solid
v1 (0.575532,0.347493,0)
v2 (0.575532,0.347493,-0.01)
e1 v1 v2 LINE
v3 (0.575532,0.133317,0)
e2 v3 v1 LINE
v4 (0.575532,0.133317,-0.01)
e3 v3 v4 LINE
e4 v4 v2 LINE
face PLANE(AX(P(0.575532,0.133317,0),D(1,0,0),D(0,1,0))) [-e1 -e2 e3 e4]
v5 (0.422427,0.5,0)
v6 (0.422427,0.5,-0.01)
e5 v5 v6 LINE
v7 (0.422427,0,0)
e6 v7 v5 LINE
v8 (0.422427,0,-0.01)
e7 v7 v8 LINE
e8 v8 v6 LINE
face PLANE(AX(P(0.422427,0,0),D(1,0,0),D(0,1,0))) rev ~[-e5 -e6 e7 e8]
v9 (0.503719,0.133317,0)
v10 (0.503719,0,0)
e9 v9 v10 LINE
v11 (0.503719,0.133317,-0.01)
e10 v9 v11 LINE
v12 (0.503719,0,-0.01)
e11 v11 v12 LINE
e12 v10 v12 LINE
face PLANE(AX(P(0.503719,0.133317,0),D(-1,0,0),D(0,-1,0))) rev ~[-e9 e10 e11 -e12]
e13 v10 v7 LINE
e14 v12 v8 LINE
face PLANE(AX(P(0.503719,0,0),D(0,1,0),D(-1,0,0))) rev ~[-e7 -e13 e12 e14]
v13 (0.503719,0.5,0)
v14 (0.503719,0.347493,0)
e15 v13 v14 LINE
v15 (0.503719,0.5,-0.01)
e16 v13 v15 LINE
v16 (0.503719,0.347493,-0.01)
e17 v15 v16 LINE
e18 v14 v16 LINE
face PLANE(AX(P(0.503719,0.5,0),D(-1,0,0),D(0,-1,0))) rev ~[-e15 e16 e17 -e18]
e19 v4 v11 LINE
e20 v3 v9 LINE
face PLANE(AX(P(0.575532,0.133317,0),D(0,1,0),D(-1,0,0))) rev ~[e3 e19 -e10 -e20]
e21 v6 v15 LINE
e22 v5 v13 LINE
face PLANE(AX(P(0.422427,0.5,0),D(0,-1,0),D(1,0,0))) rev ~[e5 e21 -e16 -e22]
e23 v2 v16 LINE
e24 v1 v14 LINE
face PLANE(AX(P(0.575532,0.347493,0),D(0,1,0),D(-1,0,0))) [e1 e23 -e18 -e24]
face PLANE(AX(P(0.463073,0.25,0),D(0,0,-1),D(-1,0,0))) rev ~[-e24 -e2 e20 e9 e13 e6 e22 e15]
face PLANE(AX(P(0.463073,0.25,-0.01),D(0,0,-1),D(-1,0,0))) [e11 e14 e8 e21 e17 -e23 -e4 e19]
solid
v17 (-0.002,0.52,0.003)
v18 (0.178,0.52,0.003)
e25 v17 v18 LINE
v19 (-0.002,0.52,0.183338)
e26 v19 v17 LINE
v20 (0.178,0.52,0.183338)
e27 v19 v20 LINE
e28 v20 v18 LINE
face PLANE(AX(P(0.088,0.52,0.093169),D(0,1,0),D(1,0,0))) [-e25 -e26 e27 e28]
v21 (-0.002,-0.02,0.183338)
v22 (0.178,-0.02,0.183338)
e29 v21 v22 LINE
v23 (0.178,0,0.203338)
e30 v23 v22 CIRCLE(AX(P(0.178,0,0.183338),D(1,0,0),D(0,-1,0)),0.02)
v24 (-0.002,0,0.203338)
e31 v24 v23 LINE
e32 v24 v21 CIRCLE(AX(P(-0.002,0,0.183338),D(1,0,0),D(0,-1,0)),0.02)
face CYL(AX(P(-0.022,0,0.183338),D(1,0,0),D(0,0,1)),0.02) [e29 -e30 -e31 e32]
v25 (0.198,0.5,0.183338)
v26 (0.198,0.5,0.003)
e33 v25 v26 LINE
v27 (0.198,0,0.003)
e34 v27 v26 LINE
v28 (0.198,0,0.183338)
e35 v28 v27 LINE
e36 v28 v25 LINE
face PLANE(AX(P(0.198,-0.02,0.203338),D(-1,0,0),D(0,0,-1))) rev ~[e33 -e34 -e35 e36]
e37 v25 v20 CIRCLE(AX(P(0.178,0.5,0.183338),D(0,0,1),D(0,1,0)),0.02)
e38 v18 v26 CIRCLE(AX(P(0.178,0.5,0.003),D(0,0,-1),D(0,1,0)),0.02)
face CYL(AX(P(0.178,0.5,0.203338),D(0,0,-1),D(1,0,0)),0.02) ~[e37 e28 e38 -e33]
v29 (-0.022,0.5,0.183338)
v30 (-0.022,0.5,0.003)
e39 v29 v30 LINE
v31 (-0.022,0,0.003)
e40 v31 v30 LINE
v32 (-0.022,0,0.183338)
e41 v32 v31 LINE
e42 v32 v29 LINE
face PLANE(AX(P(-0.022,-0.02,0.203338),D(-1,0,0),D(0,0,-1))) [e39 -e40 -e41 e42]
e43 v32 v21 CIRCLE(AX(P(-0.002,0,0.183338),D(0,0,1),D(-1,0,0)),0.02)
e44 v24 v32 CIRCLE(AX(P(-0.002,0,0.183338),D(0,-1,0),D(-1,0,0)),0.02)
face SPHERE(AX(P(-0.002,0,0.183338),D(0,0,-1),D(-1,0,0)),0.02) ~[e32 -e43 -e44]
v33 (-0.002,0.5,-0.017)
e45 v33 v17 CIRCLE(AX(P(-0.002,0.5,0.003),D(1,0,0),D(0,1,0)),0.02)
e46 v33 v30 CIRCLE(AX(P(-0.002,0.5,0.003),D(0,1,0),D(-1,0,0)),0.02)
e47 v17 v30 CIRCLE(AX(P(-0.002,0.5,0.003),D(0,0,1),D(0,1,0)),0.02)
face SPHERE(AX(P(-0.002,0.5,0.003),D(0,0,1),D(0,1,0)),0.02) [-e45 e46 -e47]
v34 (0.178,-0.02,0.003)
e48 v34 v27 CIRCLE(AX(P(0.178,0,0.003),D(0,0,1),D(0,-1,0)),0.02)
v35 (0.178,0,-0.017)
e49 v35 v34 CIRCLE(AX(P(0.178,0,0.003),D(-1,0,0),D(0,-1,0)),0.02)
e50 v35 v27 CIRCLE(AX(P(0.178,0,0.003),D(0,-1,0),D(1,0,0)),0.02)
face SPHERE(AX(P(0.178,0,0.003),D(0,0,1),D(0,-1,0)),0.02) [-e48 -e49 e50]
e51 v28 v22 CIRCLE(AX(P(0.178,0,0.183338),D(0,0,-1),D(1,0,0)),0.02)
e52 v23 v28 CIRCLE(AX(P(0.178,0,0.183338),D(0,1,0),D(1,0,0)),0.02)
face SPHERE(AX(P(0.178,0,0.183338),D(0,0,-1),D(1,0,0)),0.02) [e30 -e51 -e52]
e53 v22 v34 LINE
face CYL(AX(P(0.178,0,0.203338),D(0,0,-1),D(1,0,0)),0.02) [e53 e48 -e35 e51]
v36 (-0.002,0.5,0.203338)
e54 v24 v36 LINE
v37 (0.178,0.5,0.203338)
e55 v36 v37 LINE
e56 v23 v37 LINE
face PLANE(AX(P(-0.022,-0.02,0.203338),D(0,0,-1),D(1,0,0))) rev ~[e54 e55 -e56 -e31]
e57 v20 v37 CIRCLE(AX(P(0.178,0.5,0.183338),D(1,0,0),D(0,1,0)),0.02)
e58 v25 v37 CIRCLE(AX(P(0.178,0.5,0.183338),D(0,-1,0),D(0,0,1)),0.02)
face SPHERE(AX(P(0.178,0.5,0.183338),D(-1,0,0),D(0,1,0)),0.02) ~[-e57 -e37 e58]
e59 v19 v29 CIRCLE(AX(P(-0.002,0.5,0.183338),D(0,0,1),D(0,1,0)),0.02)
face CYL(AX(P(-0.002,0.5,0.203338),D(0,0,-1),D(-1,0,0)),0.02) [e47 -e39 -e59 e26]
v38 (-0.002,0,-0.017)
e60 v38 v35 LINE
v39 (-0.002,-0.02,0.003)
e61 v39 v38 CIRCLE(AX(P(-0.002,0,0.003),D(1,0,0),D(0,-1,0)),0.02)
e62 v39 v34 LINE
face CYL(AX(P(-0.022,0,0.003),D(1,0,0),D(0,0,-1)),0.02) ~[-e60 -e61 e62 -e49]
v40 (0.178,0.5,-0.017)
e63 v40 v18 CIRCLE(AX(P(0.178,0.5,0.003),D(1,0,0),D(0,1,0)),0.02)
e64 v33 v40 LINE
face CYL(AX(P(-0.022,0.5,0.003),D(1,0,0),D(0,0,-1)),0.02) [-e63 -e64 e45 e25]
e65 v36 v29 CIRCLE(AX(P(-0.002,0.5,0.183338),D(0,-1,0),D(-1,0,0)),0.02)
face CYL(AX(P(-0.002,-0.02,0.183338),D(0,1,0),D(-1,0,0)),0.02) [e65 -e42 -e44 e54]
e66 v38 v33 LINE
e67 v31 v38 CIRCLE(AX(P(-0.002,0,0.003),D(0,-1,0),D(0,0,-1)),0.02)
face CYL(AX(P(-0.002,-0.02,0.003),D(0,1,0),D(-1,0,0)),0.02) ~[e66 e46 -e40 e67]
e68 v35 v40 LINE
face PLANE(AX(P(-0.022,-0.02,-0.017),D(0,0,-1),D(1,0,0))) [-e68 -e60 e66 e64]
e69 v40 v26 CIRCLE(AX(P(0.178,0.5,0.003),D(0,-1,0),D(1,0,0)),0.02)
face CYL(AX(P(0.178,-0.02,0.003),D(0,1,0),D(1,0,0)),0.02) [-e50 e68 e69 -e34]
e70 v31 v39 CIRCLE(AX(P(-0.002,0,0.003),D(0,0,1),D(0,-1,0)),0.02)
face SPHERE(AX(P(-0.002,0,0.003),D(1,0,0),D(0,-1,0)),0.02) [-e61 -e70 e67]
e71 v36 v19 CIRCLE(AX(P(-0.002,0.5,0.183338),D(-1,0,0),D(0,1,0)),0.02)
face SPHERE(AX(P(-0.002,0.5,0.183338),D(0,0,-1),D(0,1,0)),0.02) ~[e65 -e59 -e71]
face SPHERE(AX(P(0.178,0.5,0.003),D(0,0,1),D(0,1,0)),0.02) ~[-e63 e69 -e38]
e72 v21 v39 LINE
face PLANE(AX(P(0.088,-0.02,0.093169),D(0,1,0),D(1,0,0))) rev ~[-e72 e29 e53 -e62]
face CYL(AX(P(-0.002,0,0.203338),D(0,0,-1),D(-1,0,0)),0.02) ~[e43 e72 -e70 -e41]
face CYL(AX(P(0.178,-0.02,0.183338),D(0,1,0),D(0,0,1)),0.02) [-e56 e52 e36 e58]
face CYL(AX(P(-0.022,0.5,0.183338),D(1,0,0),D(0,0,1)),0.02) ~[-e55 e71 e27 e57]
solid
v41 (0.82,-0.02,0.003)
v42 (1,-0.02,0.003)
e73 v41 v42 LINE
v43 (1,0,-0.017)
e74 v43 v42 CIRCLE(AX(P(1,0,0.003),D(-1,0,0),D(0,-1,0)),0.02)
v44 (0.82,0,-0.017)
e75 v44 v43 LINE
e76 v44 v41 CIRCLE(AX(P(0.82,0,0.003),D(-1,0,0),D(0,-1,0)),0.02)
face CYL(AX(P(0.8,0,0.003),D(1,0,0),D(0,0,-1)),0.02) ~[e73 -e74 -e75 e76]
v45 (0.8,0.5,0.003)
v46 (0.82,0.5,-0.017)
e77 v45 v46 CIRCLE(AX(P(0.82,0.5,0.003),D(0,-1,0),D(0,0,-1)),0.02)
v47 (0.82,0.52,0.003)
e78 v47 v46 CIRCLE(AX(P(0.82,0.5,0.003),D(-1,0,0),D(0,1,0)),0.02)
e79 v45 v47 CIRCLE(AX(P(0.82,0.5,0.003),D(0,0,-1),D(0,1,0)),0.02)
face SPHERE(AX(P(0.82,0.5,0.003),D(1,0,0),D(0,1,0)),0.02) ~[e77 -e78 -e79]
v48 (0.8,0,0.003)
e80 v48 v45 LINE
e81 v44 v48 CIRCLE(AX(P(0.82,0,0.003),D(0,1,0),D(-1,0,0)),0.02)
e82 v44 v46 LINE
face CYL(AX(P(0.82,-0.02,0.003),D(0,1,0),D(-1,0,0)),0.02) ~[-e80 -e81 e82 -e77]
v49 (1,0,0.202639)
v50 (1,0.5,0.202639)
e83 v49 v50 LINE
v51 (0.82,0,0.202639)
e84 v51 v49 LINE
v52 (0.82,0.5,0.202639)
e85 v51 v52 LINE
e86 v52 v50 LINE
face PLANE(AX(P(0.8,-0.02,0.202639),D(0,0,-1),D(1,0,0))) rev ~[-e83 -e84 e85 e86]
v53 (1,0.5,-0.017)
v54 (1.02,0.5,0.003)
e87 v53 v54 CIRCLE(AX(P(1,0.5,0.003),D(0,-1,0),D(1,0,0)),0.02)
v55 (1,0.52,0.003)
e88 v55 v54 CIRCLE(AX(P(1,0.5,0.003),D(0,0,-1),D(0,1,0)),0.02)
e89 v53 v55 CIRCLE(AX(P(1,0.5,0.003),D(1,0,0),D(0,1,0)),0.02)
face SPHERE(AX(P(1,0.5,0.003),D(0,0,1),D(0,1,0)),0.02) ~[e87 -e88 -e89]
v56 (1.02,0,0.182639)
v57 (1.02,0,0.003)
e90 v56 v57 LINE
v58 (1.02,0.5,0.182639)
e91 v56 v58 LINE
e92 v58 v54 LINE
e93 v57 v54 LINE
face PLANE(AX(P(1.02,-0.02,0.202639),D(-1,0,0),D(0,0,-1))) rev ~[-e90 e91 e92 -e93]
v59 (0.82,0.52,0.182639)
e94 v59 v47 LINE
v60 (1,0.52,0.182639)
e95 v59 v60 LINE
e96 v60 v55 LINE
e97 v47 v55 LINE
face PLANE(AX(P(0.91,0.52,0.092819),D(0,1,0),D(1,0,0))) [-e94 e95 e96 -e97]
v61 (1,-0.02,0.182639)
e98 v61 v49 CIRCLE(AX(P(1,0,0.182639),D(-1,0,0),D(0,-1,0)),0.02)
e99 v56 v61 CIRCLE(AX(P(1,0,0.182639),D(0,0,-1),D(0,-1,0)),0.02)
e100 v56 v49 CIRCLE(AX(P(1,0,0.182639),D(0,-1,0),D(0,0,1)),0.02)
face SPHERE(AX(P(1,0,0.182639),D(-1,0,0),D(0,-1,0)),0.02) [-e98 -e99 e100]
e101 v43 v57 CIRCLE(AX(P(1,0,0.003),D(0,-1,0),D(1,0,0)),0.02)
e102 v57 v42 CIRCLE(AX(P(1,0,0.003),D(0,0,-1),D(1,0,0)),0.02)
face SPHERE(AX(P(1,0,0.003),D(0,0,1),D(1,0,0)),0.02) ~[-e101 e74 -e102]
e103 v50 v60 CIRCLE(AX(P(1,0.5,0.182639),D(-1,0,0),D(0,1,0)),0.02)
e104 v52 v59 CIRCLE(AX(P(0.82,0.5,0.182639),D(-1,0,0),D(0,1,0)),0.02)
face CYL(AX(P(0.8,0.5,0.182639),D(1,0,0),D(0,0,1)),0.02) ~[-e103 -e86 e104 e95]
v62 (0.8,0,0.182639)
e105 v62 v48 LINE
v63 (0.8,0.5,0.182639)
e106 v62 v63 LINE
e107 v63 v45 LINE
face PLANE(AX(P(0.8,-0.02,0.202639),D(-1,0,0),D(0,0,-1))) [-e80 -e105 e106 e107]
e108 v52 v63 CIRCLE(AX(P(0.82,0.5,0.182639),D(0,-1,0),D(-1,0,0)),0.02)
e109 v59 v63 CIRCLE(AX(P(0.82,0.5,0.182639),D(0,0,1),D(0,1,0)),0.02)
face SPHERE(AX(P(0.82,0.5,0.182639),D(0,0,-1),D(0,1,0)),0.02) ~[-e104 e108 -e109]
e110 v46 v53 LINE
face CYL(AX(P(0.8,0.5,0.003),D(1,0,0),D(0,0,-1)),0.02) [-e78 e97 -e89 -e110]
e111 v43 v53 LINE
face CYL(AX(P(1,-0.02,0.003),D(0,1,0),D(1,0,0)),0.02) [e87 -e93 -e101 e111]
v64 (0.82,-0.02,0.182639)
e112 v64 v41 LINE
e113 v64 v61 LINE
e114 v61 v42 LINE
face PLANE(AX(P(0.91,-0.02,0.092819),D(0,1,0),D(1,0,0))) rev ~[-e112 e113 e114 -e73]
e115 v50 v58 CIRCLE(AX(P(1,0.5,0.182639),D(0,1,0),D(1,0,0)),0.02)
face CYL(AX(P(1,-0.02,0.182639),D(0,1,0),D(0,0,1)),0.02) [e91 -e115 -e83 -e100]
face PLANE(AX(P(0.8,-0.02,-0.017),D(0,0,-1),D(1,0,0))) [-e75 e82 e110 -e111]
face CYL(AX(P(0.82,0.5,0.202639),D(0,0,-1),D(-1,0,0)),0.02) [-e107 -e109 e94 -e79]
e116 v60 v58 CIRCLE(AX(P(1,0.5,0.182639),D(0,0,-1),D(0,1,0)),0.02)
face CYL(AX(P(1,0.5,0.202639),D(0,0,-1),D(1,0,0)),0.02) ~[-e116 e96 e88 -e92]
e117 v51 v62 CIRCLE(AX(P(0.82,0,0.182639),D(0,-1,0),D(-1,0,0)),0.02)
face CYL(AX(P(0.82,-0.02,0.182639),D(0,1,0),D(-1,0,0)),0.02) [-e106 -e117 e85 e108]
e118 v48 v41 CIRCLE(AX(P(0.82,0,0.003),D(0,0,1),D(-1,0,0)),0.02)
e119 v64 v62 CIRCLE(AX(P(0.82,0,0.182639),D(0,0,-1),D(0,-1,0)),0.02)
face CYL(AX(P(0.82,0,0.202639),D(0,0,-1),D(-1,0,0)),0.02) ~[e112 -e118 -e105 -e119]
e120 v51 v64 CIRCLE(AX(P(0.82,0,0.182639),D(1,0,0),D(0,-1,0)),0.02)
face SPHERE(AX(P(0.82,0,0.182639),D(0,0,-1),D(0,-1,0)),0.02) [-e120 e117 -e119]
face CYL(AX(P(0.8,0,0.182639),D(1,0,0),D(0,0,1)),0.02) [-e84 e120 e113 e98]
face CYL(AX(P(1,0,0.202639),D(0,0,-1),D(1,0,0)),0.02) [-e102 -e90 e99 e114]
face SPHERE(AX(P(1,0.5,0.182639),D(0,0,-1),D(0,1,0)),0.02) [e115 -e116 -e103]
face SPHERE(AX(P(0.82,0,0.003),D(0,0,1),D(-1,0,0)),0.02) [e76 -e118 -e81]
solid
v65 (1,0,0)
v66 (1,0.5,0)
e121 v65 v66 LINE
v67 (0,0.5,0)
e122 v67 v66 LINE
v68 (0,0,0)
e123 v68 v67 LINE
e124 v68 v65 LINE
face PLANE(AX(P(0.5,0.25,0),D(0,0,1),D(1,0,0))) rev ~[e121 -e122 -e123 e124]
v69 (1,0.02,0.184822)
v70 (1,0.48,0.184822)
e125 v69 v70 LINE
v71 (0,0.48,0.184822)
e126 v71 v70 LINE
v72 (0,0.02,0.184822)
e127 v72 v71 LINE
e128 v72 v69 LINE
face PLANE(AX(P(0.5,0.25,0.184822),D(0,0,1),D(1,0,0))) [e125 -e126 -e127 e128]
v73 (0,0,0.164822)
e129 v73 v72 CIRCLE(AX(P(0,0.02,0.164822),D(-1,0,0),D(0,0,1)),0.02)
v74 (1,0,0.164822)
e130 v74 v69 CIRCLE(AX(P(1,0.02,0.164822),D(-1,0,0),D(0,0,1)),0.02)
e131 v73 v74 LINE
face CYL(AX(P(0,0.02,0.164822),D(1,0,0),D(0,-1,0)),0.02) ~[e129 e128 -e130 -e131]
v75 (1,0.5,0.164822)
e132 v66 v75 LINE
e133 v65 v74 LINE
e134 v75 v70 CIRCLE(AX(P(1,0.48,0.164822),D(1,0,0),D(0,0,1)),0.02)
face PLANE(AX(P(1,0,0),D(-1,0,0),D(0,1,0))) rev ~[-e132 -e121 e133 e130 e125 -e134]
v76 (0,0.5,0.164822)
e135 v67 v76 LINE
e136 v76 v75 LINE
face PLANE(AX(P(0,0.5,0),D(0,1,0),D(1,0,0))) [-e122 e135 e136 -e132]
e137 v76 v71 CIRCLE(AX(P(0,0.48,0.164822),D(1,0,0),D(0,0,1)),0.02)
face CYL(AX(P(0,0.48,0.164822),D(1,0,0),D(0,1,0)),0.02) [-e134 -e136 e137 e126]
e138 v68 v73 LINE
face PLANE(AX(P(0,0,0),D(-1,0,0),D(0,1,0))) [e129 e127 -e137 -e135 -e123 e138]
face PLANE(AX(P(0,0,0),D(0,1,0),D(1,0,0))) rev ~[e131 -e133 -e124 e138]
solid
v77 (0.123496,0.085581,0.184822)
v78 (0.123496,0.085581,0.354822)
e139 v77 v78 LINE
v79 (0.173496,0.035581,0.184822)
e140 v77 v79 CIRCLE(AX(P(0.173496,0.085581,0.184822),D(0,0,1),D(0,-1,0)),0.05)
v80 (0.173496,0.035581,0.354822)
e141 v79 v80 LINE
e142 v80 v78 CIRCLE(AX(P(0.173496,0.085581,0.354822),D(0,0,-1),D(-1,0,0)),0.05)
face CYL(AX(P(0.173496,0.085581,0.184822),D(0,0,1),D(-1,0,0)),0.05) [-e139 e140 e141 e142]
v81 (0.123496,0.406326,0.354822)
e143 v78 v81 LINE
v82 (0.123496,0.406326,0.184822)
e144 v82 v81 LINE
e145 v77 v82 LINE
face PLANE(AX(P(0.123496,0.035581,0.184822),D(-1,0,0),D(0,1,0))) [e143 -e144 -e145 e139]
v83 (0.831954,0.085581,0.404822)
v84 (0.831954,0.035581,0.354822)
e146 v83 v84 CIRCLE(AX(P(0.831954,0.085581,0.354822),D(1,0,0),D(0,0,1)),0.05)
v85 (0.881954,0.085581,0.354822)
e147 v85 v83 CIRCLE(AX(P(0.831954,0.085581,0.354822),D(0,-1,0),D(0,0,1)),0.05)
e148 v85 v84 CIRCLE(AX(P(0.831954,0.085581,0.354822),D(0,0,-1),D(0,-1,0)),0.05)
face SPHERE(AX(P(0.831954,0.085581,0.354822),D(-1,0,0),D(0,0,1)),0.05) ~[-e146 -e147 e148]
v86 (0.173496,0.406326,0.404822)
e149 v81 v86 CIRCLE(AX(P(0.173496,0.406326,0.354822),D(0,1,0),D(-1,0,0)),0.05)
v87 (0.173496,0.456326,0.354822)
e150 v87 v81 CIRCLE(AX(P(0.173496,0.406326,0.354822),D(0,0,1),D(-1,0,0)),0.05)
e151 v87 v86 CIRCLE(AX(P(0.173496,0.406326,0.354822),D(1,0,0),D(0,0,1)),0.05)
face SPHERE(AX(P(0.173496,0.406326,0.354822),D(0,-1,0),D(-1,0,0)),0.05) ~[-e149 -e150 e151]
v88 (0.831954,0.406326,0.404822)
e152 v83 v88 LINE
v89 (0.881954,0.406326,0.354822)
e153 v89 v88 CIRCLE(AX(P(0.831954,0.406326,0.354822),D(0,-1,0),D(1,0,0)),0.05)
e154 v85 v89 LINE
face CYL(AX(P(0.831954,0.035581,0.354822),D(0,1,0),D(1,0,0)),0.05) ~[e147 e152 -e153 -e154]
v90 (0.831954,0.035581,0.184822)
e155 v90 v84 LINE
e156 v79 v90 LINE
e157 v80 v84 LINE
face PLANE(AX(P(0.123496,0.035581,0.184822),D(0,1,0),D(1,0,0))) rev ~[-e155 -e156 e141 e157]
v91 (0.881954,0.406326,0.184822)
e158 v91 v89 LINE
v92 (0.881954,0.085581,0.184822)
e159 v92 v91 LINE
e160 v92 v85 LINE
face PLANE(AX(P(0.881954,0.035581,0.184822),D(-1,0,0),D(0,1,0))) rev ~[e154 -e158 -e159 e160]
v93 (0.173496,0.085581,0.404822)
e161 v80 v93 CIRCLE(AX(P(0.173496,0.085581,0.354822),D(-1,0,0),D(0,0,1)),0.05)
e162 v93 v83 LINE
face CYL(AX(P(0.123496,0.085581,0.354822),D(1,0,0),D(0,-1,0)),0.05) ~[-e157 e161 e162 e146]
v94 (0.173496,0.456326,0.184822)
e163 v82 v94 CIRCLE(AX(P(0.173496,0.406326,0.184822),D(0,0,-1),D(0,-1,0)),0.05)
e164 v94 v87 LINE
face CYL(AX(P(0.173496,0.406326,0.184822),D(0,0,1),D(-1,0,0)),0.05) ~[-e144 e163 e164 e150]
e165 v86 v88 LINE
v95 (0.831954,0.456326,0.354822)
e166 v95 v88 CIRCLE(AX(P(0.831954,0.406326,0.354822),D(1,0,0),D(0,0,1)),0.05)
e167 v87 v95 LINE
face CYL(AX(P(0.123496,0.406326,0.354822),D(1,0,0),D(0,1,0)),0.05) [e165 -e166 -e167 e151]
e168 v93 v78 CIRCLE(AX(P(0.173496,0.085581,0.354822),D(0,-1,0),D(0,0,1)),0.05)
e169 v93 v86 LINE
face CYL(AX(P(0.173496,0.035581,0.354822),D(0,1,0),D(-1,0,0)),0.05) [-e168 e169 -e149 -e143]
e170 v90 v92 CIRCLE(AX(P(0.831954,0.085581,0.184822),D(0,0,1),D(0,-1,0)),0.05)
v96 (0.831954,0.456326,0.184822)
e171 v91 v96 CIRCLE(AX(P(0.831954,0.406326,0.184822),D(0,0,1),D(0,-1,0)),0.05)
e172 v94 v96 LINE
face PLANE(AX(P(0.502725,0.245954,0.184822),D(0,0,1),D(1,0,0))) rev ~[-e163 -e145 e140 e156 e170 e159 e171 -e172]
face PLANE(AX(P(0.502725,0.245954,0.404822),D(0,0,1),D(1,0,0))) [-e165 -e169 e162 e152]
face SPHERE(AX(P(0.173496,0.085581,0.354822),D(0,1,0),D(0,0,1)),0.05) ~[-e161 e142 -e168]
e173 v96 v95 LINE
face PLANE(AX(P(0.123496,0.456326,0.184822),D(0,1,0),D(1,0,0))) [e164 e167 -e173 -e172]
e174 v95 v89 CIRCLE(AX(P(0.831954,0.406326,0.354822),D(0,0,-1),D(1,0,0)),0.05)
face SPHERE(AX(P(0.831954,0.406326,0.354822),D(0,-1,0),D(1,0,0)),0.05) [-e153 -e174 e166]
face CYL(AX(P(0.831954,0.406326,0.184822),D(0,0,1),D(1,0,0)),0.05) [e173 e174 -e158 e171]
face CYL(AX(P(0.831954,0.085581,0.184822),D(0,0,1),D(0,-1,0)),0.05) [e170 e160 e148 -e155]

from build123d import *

# Parameters (mm, degrees)
SKETCH3_W                  = 1
SKETCH3_H                  = 0.5
BOSS_EXTRUDE1_DEPTH        = 0.184822483
SKETCH6_W                  = 0.071813071
SKETCH6_H                  = 0.214176685
BOSS_EXTRUDE5_DEPTH        = 0.01
BOSS_EXTRUDE9_DEPTH        = 0.52
BOSS_EXTRUDE9_DEPTH_BACK   = 0.02
SKETCH4_W                  = 0.22
SKETCH4_H                  = 0.220337521
BOSS_EXTRUDE9_2_DEPTH      = 0.52
BOSS_EXTRUDE9_2_DEPTH_BACK = 0.02
SKETCH4_H_2                = 0.21963888
SKETCH7_W                  = 0.758458257
SKETCH7_H                  = 0.420745525
BOSS_EXTRUDE10_DEPTH       = 0.22
FILLET4_R                  = 0.05
FILLET7_R                  = 0.02
FILLET8_R                  = 0.02
FILLET9_R                  = 0.02


with BuildPart() as part:
    # Sketch3 → Boss-Extrude1 (new body)
    with BuildSketch(Plane.XY):
        with Locations((0.5, 0.25)):
            Rectangle(SKETCH3_W, SKETCH3_H)
    extrude(amount=BOSS_EXTRUDE1_DEPTH)

    # Fillet9
    fillet9_edges = [part.edges().sort_by_distance(p)[0] for p in [
        (0.5, 0.5, 0.184822483),
        (0.5, 0, 0.184822483),
    ]]
    fillet(fillet9_edges, radius=FILLET9_R)


with BuildPart() as body_2:
    # Sketch6 → Boss-Extrude5 (new body)
    with BuildSketch(Plane(origin=(0, 0, 0), x_dir=(-1, 0, 0), z_dir=(0, 0, -1))):
        Polygon((-0.503719115, 0), (-0.422427341, 0), (-0.422427341, 0.5), (-0.503719115, 0.5), (-0.503719115, 0.347493202), (-0.503719115, 0.133316517), align=None)
        with Locations((-0.53962565, 0.24040486)):
            Rectangle(SKETCH6_W, SKETCH6_H)
    extrude(amount=BOSS_EXTRUDE5_DEPTH)


with BuildPart() as body_3:
    # Sketch4 → Boss-Extrude9 (new, two sides: drawn at the far end of the back side and taken through both)
    with BuildSketch(Plane(origin=(0, 0, 0), x_dir=(1, 0, 0), z_dir=(0, 1, 0)).offset(-BOSS_EXTRUDE9_DEPTH_BACK)):
        with Locations((0.088, -0.093168761)):
            Rectangle(SKETCH4_W, SKETCH4_H)
    extrude(amount=BOSS_EXTRUDE9_DEPTH + BOSS_EXTRUDE9_DEPTH_BACK)

    # Fillet8
    fillet8_edges = [body_3.edges().sort_by_distance(p)[0] for p in [
        (-0.022, 0.52, 0.093168761),
        (0.198, -0.02, 0.093168761),
        (0.088, 0.52, 0.203337521),
        (0.198, 0.52, 0.093168761),
        (0.088, 0.52, -0.017),
        (0.088, -0.02, -0.017),
        (-0.022, -0.02, 0.093168761),
        (-0.022, 0.25, -0.017),
        (0.198, 0.25, -0.017),
        (0.198, 0.25, 0.203337521),
        (-0.022, 0.25, 0.203337521),
        (0.088, -0.02, 0.203337521),
    ]]
    fillet(fillet8_edges, radius=FILLET8_R)


with BuildPart() as body_4:
    # Sketch4 → Boss-Extrude9 2 (new, two sides: drawn at the far end of the back side and taken through both)
    with BuildSketch(Plane(origin=(0, 0, 0), x_dir=(1, 0, 0), z_dir=(0, 1, 0)).offset(-BOSS_EXTRUDE9_2_DEPTH_BACK)):
        with Locations((0.91, -0.09281944)):
            Rectangle(SKETCH4_W, SKETCH4_H_2)
    extrude(amount=BOSS_EXTRUDE9_2_DEPTH + BOSS_EXTRUDE9_2_DEPTH_BACK)

    # Fillet7
    fillet7_edges = [body_4.edges().sort_by_distance(p)[0] for p in [
        (1.02, 0.52, 0.09281944),
        (0.8, -0.02, 0.09281944),
        (0.91, 0.52, -0.017),
        (0.8, 0.52, 0.09281944),
        (0.91, 0.52, 0.20263888),
        (0.91, -0.02, 0.20263888),
        (1.02, -0.02, 0.09281944),
        (1.02, 0.25, 0.20263888),
        (0.8, 0.25, 0.20263888),
        (0.8, 0.25, -0.017),
        (1.02, 0.25, -0.017),
        (0.91, -0.02, -0.017),
    ]]
    fillet(fillet7_edges, radius=FILLET7_R)


with BuildPart() as body_5:
    # Sketch7 → Boss-Extrude10 (new body)
    with BuildSketch(Plane.XY.offset(0.184822483)):
        with Locations((0.502724716, 0.24595369)):
            Rectangle(SKETCH7_W, SKETCH7_H)
    extrude(amount=BOSS_EXTRUDE10_DEPTH)

    # Fillet4
    fillet4_edges = [body_5.edges().sort_by_distance(p)[0] for p in [
        (0.123495587, 0.24595369, 0.404822483),
        (0.502724715, 0.035580927, 0.404822483),
        (0.881953844, 0.24595369, 0.404822483),
        (0.881953844, 0.035580927, 0.294822483),
        (0.123495587, 0.035580927, 0.294822483),
        (0.123495587, 0.456326452, 0.294822483),
        (0.881953844, 0.456326452, 0.294822483),
        (0.502724715, 0.456326452, 0.404822483),
    ]]
    fillet(fillet4_edges, radius=FILLET4_R)


solid = Compound([part.part, body_2.part, body_3.part, body_4.part, body_5.part])
